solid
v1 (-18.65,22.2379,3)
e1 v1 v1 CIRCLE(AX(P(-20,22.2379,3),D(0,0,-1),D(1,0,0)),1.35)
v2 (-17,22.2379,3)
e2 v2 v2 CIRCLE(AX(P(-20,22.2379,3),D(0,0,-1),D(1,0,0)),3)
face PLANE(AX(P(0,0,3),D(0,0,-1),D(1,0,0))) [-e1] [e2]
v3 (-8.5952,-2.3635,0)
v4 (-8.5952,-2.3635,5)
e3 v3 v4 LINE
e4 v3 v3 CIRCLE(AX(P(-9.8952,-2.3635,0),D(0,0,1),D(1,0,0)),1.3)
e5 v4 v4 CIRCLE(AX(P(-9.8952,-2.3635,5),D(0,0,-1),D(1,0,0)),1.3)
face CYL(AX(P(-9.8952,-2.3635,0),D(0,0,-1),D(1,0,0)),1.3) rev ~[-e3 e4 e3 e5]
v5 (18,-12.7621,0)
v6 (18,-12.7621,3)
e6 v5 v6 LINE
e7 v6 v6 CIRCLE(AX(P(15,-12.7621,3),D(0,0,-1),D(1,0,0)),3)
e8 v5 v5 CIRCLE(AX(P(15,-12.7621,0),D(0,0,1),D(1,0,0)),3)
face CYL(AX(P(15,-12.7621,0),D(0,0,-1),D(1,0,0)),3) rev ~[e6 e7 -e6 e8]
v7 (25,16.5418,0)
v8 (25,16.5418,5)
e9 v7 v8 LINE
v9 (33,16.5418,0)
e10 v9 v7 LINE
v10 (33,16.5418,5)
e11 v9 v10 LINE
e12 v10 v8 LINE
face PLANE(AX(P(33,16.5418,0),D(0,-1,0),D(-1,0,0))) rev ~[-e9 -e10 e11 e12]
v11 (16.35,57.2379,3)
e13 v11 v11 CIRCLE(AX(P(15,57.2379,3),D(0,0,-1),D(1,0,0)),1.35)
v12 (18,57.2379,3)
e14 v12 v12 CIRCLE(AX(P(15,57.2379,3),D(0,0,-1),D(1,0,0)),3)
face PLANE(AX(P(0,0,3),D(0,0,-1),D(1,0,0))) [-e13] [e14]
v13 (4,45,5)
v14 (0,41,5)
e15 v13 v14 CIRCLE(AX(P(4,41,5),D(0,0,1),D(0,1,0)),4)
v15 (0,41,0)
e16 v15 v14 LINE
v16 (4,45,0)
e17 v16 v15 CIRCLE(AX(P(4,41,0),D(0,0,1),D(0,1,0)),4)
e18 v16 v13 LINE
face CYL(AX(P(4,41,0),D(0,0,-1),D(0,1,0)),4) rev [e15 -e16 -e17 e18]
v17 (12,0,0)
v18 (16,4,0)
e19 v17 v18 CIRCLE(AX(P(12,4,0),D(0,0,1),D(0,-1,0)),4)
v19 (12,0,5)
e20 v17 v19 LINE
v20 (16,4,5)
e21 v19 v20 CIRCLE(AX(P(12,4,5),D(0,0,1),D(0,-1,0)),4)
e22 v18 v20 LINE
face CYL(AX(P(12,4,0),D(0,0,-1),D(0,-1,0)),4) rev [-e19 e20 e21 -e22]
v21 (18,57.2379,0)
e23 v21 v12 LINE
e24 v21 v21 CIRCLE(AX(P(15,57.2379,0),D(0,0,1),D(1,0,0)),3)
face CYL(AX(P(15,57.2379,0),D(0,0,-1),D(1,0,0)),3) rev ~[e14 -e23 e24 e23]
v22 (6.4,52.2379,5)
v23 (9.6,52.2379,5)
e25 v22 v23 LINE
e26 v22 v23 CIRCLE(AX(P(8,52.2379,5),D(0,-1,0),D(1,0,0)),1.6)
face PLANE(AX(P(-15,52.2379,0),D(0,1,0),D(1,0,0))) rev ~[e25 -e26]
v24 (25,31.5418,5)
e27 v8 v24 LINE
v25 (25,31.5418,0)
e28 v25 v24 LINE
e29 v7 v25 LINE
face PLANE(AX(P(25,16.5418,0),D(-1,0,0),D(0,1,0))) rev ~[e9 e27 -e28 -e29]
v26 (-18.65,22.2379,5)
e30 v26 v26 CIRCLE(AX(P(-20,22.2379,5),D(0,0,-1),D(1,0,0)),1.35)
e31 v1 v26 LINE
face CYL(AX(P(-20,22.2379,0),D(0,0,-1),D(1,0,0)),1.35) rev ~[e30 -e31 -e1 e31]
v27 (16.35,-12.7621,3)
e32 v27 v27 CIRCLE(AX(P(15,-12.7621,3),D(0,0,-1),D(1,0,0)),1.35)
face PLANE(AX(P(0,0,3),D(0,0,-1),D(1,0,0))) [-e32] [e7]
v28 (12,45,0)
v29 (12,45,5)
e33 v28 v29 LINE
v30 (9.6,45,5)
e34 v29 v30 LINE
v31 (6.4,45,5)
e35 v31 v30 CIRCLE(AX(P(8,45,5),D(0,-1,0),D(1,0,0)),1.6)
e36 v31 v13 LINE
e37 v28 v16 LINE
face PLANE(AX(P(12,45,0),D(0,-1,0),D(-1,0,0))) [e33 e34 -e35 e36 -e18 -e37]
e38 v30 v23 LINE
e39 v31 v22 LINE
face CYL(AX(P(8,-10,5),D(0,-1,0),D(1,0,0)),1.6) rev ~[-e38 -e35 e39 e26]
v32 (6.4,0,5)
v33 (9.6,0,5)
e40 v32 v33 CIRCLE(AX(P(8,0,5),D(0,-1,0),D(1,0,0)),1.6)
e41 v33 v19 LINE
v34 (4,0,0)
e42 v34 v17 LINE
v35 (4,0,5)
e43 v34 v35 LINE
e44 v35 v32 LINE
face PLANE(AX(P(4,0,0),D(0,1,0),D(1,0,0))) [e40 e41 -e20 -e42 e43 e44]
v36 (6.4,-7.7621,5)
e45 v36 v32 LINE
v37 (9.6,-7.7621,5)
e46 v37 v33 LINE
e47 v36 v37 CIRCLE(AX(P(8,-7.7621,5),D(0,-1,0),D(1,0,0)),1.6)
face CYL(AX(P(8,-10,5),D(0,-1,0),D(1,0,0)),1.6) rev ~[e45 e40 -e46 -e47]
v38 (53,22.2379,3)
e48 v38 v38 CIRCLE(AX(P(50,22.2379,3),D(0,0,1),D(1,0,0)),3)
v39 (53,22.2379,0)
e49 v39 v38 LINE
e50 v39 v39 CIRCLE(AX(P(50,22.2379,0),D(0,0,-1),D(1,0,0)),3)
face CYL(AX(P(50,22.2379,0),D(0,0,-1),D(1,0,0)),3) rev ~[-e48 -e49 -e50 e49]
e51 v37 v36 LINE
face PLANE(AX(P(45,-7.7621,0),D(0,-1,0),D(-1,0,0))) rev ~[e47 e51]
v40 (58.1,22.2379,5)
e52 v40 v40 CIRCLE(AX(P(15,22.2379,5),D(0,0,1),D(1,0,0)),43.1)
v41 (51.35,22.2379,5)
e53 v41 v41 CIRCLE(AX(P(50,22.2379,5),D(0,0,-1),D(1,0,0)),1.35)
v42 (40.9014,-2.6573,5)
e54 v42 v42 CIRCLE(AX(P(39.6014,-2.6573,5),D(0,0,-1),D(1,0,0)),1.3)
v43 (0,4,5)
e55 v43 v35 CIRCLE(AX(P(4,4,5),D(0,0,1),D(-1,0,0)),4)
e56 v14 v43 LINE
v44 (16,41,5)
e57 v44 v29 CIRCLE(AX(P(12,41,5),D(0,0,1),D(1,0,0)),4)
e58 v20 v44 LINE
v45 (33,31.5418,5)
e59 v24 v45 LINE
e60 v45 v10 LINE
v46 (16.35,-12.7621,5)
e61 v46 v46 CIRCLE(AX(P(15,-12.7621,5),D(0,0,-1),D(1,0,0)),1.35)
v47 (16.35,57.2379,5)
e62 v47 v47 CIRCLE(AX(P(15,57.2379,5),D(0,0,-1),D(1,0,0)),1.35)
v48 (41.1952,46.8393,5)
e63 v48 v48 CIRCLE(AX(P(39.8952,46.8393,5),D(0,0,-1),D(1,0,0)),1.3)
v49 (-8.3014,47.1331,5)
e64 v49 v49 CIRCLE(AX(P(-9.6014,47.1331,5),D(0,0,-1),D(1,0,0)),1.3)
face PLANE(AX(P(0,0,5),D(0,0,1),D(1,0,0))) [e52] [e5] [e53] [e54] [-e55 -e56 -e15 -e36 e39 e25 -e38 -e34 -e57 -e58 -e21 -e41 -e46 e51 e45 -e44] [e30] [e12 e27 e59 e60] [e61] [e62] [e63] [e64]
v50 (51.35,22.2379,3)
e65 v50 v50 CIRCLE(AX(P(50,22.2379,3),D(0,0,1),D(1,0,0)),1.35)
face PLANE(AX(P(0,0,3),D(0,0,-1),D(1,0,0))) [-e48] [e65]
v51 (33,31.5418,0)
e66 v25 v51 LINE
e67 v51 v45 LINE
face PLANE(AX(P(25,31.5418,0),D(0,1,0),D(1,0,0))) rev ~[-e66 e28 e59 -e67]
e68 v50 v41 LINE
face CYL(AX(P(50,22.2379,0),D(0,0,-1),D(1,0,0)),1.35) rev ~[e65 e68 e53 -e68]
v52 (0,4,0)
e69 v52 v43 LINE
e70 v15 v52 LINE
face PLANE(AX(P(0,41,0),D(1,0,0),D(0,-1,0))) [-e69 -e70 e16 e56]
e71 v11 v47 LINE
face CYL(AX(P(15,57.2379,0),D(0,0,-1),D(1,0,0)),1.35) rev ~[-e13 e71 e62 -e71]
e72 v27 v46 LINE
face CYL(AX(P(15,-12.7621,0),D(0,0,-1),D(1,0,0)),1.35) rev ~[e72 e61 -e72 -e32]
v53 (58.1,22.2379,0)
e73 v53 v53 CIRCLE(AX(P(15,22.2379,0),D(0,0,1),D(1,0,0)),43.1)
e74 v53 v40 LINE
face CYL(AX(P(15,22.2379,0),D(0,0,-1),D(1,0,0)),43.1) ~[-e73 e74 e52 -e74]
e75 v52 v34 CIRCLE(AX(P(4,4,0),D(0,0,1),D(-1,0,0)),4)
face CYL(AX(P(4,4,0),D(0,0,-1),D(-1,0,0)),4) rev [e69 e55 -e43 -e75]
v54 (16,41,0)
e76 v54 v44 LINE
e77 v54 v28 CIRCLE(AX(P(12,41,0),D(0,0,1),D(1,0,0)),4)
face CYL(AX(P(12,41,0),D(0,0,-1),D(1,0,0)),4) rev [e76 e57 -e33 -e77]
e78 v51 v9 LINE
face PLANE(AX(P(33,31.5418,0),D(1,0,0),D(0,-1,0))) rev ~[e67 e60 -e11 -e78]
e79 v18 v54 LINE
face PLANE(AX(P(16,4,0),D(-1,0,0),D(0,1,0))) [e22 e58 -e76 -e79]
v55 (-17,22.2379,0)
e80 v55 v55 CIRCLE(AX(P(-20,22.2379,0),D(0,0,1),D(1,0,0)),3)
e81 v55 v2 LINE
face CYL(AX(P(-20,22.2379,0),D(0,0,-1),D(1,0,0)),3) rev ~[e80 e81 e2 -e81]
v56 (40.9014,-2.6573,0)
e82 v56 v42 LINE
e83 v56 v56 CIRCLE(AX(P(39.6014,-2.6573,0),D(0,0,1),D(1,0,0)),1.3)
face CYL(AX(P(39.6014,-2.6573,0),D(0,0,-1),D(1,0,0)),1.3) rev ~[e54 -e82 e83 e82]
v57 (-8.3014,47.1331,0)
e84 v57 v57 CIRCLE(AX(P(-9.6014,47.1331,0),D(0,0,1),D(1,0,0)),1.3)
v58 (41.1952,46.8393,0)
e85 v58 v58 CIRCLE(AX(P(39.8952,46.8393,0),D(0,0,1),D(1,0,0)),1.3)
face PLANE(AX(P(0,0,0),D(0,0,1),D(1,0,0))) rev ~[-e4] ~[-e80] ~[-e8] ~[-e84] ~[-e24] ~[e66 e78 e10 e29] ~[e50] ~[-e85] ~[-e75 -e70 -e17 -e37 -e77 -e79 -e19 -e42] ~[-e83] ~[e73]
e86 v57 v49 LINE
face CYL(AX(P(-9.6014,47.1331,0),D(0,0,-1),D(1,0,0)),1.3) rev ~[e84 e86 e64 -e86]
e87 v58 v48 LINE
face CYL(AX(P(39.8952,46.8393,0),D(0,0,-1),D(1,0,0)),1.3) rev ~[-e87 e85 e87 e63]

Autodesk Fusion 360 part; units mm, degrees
sketch "草图6" plane through (0, 0, 0) normal (0, 0, 1) x (1, 0, 0)
  line L0 (4, 0) -> (12, 0)
  line L1 (16, 4) -> (16, 41)
  line L2 (12, 45) -> (4, 45)
  line L3 (0, 41) -> (0, 4)
  arc A0 (4, 45) -> (0, 41) centre (4, 41) ccw
  arc A1 (16, 41) -> (12, 45) centre (12, 41) ccw
  arc A2 (0, 4) -> (4, 0) centre (4, 4) ccw
  arc A3 (12, 0) -> (16, 4) centre (12, 4) ccw
  line L4 (25, 31.5418) -> (33, 31.5418)
  line L5 (33, 31.5418) -> (33, 16.5418)
  line L6 (33, 16.5418) -> (25, 16.5418)
  line L7 (25, 16.5418) -> (25, 31.5418)
  line L8 (-15, 52.2379) -> (45, 52.2379)
  line L9 (45, 52.2379) -> (45, -7.7621)
  line L10 (45, -7.7621) -> (-15, -7.7621)
  line L11 (-15, -7.7621) -> (-15, 52.2379)
  line L12 (45, -7.7621) -> (-15, 52.2379) construction
  line L13 (-15, -7.7621) -> (45, 52.2379) construction
  circle A4 centre (15, 22.2379) radius 43.1
  point P0 (16, 0)
  point P1 (0, 45)
  dimension "d37" = 4
  dimension "d38" = 4
  dimension "d39" = 4
  dimension "d40" = 4
  dimension "d41" = 45
  dimension "d42" = 16
  dimension "d43" = 8
  dimension "d44" = 15
  dimension "d45" = 60
  dimension "d55" = 60
  dimension "d56" = 86.2
extrude "拉伸5" add sketch "草图6" along normal blind 5 contours L8 L9 L10 L11
sketch "草图7" plane through (0, 45, 0) normal (0, -1, 0) x (1, 0, 0)
  line L0 (4, 0) -> (12, 0)
  line L1 (12, 0) -> (12, 5)
  line L2 (12, 5) -> (4, 5)
  line L3 (4, 5) -> (4, 0)
  circle A0 centre (8, 5) radius 1.6
  dimension "d48" = 3.2
extrude "拉伸6" cut sketch "草图7" along normal blind -10 and the other way blind -55 contours L2 A0 picked at (7.5748, 4.2826)
extrude "拉伸7" add sketch "草图6" along normal blind 5 contours A4
sketch "草图10" plane through (0, 0, 0) normal (0, 0, -1) x (1, 0, 0)
  circle A0 centre (15, -22.2379) radius 43.1
  arc A1 (16, -4) -> (12, 0) centre (12, -4) ccw
  line L0 (16, -4) -> (16, -41)
  arc A2 (12, -45) -> (16, -41) centre (12, -41) ccw
  line L1 (12, -45) -> (4, -45)
  arc A3 (0, -41) -> (4, -45) centre (4, -41) ccw
  line L2 (0, -41) -> (0, -4)
  arc A4 (4, 0) -> (0, -4) centre (4, -4) ccw
  line L3 (4, 0) -> (12, 0)
  line L4 (25, -16.5418) -> (33, -16.5418)
  line L5 (33, -16.5418) -> (33, -31.5418)
  line L6 (33, -31.5418) -> (25, -31.5418)
  line L7 (25, -31.5418) -> (25, -16.5418)
  circle A5 centre (15, -22.2379) radius 35
  circle A6 centre (15, -57.2379) radius 3
  circle A7 centre (15, -57.2379) radius 1.35
  circle A8 centre (50, -22.2379) radius 3
  circle A9 centre (50, -22.2379) radius 1.35
  circle A10 centre (15, 12.7621) radius 3
  circle A11 centre (15, 12.7621) radius 1.35
  circle A12 centre (-20, -22.2379) radius 3
  circle A13 centre (-20, -22.2379) radius 1.35
  line L8 (-7.4138, -45.6983) -> (-7.8923, -46.1073)
  line L9 (-6.756, -46.4514) -> (-7.1427, -46.7964)
  arc A14 (-6.756, -46.4514) -> (-7.4138, -45.6983) centre (-7.0889, -46.0783) ccw
  arc A15 (-7.8923, -46.1073) -> (-7.1427, -46.7964) centre (-8.8265, -47.8757) ccw
  arc A16 (38.8694, -45.1301) -> (39.5585, -44.3806) centre (40.6378, -46.0644) ccw
  line L10 (38.4604, -44.6517) -> (38.8694, -45.1301)
  arc A17 (39.2135, -43.9939) -> (38.4604, -44.6517) centre (38.8404, -44.3268) ccw
  line L11 (39.2135, -43.9939) -> (39.5585, -44.3806)
  arc A18 (37.8923, 1.6315) -> (37.1427, 2.3206) centre (38.8265, 3.3999) ccw
  line L12 (37.4138, 1.2225) -> (37.8923, 1.6315)
  arc A19 (36.756, 1.9756) -> (37.4138, 1.2225) centre (37.0889, 1.6025) ccw
  line L13 (36.756, 1.9756) -> (37.1427, 2.3206)
  arc A20 (-8.8694, 0.6544) -> (-9.5585, -0.0951) centre (-10.6378, 1.5886) ccw
  line L14 (-8.4604, 0.1759) -> (-8.8694, 0.6544)
  arc A21 (-9.2135, -0.4818) -> (-8.4604, 0.1759) centre (-8.8404, -0.149) ccw
  line L15 (-9.2135, -0.4818) -> (-9.5585, -0.0951)
  dimension "d59" = 70
  dimension "d60" = 6
  dimension "d61" = 2.7
  dimension "d63" = 360
  dimension "d68" = 4
  dimension "d69" = 1
  dimension "d71" = 360
extrude "拉伸8" cut sketch "草图10" against normal up to surface (5 mm away) contours A5 A9 | A5 A9 | A5 A11 | A5 A11 | A5 A7 | A5 A7 | A5 A13 | A5 A13
extrude "拉伸9" cut sketch "草图10" against normal blind 3 contours A5 A8 A9 | A5 A8 A9 | A5 A10 A11 | A5 A10 A11 | A5 A6 A7 | A5 A6 A7 | A5 A12 A13 | A5 A12 A13
sketch "草图11" plane through (0, 0, 0) normal (0, 0, -1) x (1, 0, 0)
  circle A0 centre (50, -22.2379) radius 3
  circle A1 centre (-20, -22.2379) radius 3
  circle A2 centre (15, -57.2379) radius 3
  circle A3 centre (15, 12.7621) radius 3
  circle A4 centre (15, -22.2379) radius 43.1
  arc A5 (16, -4) -> (12, 0) centre (12, -4) ccw
  line L0 (16, -4) -> (16, -41)
  arc A6 (12, -45) -> (16, -41) centre (12, -41) ccw
  line L1 (12, -45) -> (4, -45)
  arc A7 (0, -41) -> (4, -45) centre (4, -41) ccw
  line L2 (0, -41) -> (0, -4)
  arc A8 (4, 0) -> (0, -4) centre (4, -4) ccw
  line L3 (4, 0) -> (12, 0)
  line L4 (25, -16.5418) -> (33, -16.5418)
  line L5 (33, -16.5418) -> (33, -31.5418)
  line L6 (33, -31.5418) -> (25, -31.5418)
  line L7 (25, -31.5418) -> (25, -16.5418)
  circle A9 centre (15, -22.2379) radius 35
  circle A10 centre (39.6014, 2.6573) radius 1.3
  circle A11 centre (-9.8952, 2.3635) radius 1.3
  circle A12 centre (-9.6014, -47.1331) radius 1.3
  circle A13 centre (39.8952, -46.8393) radius 1.3
  dimension "d74" = 2.6
  dimension "d76" = 360
extrude "拉伸11" cut sketch "草图11" against normal blind 5 contours A9 A10 | A9 A10 | A9 A13 | A9 A13 | A9 A11 | A9 A11 | A9 A12 | A9 A12
